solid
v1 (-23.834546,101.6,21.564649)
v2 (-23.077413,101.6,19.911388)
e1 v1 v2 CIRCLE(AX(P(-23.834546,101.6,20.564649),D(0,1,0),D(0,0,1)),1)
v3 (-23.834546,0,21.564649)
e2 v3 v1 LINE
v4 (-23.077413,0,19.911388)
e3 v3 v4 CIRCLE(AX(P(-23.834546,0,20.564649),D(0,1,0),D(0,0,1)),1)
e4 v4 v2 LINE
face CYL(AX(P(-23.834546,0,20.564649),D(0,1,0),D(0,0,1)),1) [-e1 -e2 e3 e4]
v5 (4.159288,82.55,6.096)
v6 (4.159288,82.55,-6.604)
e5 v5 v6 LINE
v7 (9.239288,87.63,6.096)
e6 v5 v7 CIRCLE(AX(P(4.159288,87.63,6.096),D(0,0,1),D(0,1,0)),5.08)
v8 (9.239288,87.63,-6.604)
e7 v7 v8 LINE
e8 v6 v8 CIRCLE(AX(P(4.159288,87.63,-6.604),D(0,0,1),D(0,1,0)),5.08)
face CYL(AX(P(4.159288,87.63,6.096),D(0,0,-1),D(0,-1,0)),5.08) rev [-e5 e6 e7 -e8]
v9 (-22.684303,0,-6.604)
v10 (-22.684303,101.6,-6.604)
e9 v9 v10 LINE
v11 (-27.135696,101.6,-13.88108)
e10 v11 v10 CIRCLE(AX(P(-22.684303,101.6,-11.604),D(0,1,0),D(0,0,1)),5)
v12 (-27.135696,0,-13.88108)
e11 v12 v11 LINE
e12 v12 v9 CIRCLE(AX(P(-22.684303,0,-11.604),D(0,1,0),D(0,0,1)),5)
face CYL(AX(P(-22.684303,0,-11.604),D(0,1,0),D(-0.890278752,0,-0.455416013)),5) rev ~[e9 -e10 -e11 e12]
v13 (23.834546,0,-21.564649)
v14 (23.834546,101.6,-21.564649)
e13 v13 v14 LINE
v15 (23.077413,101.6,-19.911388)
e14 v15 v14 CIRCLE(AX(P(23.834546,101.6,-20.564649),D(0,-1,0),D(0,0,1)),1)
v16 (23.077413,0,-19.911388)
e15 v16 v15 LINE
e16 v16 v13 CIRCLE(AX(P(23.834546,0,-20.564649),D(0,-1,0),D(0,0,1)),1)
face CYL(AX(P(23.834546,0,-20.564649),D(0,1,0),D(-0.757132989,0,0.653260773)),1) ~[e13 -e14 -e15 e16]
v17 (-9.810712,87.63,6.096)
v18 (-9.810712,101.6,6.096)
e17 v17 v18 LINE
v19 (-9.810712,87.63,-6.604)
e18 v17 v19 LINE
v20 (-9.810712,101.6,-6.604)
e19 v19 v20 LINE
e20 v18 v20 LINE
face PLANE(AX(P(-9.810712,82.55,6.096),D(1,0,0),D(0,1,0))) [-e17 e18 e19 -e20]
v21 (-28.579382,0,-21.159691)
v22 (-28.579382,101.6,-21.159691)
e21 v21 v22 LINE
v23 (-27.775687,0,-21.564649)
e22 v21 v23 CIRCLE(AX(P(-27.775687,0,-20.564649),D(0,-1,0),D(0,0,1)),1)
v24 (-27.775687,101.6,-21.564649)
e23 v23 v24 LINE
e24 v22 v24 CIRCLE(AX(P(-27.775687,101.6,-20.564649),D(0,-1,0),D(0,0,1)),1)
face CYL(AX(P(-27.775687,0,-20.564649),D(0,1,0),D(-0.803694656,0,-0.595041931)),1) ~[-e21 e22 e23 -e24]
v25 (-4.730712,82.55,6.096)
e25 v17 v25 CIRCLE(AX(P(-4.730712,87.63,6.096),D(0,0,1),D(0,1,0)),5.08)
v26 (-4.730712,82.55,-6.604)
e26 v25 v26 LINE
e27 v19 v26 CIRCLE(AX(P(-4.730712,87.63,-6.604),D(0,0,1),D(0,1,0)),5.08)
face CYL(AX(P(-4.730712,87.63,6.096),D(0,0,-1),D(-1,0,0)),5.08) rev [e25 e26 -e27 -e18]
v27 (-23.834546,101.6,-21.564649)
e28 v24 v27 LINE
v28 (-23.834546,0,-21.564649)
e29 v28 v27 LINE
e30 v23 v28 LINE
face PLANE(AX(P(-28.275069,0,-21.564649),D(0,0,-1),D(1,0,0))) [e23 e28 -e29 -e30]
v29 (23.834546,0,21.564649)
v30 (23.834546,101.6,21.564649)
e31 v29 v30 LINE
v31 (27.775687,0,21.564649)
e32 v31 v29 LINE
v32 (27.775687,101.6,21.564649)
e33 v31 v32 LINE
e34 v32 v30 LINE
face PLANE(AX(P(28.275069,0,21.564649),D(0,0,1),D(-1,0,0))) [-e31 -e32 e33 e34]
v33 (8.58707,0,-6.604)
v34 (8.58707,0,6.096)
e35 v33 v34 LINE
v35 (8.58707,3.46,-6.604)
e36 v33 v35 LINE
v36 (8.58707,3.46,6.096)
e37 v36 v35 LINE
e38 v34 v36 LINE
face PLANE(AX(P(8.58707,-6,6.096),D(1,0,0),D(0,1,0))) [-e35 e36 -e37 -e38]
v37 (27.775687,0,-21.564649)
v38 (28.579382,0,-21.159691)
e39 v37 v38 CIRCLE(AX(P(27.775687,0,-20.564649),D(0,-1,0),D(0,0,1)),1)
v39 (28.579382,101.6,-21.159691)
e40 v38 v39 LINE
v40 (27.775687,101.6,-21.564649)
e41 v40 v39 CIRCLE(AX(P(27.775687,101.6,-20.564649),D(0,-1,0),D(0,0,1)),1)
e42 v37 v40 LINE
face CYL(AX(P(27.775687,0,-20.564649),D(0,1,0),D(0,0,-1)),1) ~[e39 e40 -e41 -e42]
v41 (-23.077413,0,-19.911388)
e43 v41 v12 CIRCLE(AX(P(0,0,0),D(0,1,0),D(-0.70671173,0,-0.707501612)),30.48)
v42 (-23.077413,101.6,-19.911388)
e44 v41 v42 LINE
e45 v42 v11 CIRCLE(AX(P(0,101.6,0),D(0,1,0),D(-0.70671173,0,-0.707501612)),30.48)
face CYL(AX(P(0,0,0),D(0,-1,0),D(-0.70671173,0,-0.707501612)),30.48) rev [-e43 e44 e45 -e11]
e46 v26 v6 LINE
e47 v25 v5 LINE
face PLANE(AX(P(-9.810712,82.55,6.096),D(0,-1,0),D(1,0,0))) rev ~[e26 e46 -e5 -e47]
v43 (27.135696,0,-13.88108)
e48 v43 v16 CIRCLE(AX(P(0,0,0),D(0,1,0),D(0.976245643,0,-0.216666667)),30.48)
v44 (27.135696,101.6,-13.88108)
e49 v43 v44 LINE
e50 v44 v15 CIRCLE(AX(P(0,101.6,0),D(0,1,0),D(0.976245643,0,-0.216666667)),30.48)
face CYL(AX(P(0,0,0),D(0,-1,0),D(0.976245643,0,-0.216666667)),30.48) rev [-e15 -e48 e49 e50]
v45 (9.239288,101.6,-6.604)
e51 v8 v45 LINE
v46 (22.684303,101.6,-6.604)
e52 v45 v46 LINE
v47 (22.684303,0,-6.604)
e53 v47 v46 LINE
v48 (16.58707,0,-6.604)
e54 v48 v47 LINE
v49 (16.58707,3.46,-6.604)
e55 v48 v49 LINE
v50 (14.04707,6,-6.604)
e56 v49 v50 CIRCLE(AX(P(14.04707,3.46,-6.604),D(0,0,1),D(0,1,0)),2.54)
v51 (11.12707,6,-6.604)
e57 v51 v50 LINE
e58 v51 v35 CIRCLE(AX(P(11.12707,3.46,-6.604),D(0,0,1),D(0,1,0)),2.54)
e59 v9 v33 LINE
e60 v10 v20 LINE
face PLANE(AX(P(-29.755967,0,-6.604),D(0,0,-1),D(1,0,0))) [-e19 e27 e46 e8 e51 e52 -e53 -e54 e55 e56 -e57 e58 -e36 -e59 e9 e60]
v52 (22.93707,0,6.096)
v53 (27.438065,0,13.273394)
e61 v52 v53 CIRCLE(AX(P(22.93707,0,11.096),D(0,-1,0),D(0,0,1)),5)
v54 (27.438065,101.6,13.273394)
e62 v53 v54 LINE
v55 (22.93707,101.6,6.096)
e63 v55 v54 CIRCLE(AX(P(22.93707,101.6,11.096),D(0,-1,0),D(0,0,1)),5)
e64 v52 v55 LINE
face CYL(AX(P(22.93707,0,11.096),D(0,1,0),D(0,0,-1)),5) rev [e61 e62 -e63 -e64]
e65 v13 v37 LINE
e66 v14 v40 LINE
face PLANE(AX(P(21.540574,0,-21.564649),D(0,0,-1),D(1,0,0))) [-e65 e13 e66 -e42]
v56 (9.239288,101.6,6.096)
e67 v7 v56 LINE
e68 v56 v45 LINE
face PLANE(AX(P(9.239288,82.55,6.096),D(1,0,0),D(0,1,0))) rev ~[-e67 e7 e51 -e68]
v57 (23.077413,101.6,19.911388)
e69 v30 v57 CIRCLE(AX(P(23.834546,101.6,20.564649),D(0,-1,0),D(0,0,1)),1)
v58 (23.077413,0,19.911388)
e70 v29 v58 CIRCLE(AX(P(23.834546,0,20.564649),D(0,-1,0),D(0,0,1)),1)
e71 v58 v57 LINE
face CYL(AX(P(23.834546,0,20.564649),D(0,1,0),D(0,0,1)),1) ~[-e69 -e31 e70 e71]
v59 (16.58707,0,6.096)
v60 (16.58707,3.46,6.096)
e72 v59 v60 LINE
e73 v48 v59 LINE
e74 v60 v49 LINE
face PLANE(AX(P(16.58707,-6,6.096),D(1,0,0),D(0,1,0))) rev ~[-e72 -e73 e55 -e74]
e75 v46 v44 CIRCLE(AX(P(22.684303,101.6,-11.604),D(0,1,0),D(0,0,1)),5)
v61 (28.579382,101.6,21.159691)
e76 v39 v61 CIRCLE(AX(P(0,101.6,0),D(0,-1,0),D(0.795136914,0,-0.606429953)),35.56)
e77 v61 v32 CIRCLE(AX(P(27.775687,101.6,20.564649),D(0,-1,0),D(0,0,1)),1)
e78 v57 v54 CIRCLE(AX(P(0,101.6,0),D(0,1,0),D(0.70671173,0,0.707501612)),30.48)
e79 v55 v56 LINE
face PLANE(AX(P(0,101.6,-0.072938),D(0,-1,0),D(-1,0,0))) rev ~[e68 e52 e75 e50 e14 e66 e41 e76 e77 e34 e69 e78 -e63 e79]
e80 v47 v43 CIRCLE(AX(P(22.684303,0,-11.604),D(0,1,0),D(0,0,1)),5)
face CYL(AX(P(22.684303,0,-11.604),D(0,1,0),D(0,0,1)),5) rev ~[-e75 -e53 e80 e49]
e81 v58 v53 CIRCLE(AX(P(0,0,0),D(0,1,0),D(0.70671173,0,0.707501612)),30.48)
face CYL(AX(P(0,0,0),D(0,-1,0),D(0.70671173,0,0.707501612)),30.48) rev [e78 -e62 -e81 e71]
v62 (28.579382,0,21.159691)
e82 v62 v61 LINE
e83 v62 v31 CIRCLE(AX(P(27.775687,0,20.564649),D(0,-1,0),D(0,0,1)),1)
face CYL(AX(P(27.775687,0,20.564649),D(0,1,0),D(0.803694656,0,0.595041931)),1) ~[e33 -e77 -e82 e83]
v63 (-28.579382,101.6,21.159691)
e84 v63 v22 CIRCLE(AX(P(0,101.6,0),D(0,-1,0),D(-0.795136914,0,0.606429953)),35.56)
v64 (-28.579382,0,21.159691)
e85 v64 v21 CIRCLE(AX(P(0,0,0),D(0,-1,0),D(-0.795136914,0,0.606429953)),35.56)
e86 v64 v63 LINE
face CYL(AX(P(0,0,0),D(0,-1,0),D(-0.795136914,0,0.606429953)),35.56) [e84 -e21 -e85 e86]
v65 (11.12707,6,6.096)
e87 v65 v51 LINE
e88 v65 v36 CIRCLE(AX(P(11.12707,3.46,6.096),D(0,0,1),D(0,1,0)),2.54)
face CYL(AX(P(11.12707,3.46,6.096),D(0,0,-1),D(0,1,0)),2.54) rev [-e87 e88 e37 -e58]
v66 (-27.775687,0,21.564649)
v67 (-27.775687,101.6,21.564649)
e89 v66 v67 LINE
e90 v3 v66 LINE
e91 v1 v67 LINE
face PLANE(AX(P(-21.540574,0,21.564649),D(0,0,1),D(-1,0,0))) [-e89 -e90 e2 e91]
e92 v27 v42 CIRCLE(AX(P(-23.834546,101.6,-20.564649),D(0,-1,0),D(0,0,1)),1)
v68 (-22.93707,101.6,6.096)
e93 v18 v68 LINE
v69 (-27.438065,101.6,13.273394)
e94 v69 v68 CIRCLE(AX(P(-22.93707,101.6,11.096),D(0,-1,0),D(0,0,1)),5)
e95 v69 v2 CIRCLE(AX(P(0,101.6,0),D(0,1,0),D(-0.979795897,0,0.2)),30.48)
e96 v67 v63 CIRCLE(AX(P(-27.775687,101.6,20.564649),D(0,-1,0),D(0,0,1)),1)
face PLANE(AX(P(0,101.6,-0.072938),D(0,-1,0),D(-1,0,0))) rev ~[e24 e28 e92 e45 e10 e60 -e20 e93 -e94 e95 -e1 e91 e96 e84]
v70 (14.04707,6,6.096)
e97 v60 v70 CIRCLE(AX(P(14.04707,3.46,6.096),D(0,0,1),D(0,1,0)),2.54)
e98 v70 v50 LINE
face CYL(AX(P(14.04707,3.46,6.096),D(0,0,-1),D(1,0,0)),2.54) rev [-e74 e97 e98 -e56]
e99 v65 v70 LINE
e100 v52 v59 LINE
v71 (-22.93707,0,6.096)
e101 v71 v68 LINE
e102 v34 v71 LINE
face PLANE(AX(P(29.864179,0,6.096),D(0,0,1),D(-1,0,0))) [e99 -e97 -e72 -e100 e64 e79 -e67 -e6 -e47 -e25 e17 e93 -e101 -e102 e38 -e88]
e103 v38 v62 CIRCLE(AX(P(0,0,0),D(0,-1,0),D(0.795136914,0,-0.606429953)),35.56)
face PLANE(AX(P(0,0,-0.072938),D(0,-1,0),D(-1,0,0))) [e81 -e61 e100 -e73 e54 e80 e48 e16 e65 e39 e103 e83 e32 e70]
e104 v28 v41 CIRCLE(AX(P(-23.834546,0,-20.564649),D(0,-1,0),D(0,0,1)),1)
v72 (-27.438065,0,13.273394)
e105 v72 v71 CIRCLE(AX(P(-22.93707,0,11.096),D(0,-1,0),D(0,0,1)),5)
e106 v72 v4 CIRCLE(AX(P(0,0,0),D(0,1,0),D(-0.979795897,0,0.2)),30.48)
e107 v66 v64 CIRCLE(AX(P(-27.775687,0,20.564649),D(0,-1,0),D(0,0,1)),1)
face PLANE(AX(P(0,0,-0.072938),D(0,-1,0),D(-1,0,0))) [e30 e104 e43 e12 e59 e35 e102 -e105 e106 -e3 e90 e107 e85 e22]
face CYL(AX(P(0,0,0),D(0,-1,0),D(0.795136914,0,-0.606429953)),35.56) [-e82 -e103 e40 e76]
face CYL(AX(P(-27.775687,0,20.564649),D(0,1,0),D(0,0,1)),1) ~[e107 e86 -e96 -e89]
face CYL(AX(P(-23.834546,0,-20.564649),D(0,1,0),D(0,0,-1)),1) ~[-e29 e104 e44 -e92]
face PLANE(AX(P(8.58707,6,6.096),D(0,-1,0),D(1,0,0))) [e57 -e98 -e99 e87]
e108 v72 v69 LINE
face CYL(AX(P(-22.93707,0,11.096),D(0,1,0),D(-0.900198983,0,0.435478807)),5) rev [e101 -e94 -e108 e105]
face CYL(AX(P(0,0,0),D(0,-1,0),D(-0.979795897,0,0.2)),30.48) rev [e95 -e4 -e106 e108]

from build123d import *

# Parameters (mm, degrees)
BOSS_EXTRUDE2_DEPTH = 101.6
FILLET3_R           = 1
FILLET5_R           = 5
SKETCH8_R           = 3.175
CUT_EXTRUDE3_DEPTH  = 19.05
SKETCH9_W           = 19.05
SKETCH9_H           = 19.05
CUT_EXTRUDE4_DEPTH  = 12.7
FILLET6_R           = 5.08
SKETCH11_W          = 8
SKETCH11_H          = 12
CUT_EXTRUDE5_DEPTH  = 12.7
FILLET7_R           = 2.54


with BuildPart() as part:
    # Sketch2 → Boss-Extrude2 (new body)
    with BuildSketch(Plane(origin=(0, 0, 0), x_dir=(1, 0, 0), z_dir=(0, 1, 0))):
        with BuildLine():
            Line((-21.540573528, -21.56464913), (-28.275068663, -21.56464913))
            ThreePointArc((-28.275068663, -21.56464913), (-35.56, 0), (-28.275068663, 21.56464913))
            Line((-28.275068663, 21.56464913), (-21.540573528, 21.56464913))
            ThreePointArc((-21.540573528, 21.56464913), (-26.716830431, 14.671106698), (-29.7559672, 6.604))
            Line((-29.7559672, 6.604), (29.7559672, 6.604))
            ThreePointArc((29.7559672, 6.604), (26.716830431, 14.671106698), (21.540573528, 21.56464913))
            Line((21.540573528, 21.56464913), (28.275068663, 21.56464913))
            ThreePointArc((28.275068663, 21.56464913), (35.56, 0), (28.275068663, -21.56464913))
            Line((28.275068663, -21.56464913), (21.540573528, -21.56464913))
            ThreePointArc((21.540573528, -21.56464913), (26.840862889, -14.442938737), (29.864178944, -6.096))
            Line((29.864178944, -6.096), (-29.864178944, -6.096))
            ThreePointArc((-29.864178944, -6.096), (-26.840862889, -14.442938737), (-21.540573528, -21.56464913))
        make_face()
    extrude(amount=BOSS_EXTRUDE2_DEPTH)

    # Fillet3
    fillet3_edges = [part.edges().sort_by_distance(p)[0] for p in [
        (21.540573528, 50.8, -21.56464913),
        (28.275068663, 50.8, -21.56464913),
        (28.275068663, 50.8, 21.56464913),
        (21.540573528, 50.8, 21.56464913),
        (-21.540573528, 50.8, 21.56464913),
        (-28.275068663, 50.8, 21.56464913),
        (-28.275068663, 50.8, -21.56464913),
        (-21.540573528, 50.8, -21.56464913),
    ]]
    fillet(fillet3_edges, radius=FILLET3_R)

    # Fillet5
    fillet5_edges = [part.edges().sort_by_distance(p)[0] for p in [
        (29.864178944, 50.8, 6.096),
        (-29.864178944, 50.8, 6.096),
        (-29.7559672, 50.8, -6.604),
        (29.7559672, 50.8, -6.604),
    ]]
    fillet(fillet5_edges, radius=FILLET5_R)

    # Sketch8 → Cut-Extrude3 (cut)
    with BuildSketch(Plane(origin=(0, 101.6, 0), x_dir=(1, 0, 0), z_dir=(0, 1, 0))):
        Circle(SKETCH8_R)
    extrude(amount=-CUT_EXTRUDE3_DEPTH, mode=Mode.SUBTRACT)

    # Sketch9 → Cut-Extrude4 (cut)
    with BuildSketch(Plane.XY.offset(6.096)):
        with Locations((-0.285711728, 92.075)):
            Rectangle(SKETCH9_W, SKETCH9_H)
    extrude(amount=-CUT_EXTRUDE4_DEPTH, mode=Mode.SUBTRACT)

    # Fillet6
    fillet6_edges = [part.edges().sort_by_distance(p)[0] for p in [
        (9.239288272, 82.55, -0.254),
        (-9.810711728, 82.55, -0.254),
    ]]
    fillet(fillet6_edges, radius=FILLET6_R)

    # Sketch11 → Cut-Extrude5 (cut)
    with BuildSketch(Plane.XY.offset(6.096)):
        with Locations((12.587070083, 0)):
            Rectangle(SKETCH11_W, SKETCH11_H)
    extrude(amount=-CUT_EXTRUDE5_DEPTH, mode=Mode.SUBTRACT)

    # Fillet7
    fillet7_edges = [part.edges().sort_by_distance(p)[0] for p in [
        (16.587070083, 6, -0.254),
        (8.587070083, 6, -0.254),
    ]]
    fillet(fillet7_edges, radius=FILLET7_R)


solid = part.part
